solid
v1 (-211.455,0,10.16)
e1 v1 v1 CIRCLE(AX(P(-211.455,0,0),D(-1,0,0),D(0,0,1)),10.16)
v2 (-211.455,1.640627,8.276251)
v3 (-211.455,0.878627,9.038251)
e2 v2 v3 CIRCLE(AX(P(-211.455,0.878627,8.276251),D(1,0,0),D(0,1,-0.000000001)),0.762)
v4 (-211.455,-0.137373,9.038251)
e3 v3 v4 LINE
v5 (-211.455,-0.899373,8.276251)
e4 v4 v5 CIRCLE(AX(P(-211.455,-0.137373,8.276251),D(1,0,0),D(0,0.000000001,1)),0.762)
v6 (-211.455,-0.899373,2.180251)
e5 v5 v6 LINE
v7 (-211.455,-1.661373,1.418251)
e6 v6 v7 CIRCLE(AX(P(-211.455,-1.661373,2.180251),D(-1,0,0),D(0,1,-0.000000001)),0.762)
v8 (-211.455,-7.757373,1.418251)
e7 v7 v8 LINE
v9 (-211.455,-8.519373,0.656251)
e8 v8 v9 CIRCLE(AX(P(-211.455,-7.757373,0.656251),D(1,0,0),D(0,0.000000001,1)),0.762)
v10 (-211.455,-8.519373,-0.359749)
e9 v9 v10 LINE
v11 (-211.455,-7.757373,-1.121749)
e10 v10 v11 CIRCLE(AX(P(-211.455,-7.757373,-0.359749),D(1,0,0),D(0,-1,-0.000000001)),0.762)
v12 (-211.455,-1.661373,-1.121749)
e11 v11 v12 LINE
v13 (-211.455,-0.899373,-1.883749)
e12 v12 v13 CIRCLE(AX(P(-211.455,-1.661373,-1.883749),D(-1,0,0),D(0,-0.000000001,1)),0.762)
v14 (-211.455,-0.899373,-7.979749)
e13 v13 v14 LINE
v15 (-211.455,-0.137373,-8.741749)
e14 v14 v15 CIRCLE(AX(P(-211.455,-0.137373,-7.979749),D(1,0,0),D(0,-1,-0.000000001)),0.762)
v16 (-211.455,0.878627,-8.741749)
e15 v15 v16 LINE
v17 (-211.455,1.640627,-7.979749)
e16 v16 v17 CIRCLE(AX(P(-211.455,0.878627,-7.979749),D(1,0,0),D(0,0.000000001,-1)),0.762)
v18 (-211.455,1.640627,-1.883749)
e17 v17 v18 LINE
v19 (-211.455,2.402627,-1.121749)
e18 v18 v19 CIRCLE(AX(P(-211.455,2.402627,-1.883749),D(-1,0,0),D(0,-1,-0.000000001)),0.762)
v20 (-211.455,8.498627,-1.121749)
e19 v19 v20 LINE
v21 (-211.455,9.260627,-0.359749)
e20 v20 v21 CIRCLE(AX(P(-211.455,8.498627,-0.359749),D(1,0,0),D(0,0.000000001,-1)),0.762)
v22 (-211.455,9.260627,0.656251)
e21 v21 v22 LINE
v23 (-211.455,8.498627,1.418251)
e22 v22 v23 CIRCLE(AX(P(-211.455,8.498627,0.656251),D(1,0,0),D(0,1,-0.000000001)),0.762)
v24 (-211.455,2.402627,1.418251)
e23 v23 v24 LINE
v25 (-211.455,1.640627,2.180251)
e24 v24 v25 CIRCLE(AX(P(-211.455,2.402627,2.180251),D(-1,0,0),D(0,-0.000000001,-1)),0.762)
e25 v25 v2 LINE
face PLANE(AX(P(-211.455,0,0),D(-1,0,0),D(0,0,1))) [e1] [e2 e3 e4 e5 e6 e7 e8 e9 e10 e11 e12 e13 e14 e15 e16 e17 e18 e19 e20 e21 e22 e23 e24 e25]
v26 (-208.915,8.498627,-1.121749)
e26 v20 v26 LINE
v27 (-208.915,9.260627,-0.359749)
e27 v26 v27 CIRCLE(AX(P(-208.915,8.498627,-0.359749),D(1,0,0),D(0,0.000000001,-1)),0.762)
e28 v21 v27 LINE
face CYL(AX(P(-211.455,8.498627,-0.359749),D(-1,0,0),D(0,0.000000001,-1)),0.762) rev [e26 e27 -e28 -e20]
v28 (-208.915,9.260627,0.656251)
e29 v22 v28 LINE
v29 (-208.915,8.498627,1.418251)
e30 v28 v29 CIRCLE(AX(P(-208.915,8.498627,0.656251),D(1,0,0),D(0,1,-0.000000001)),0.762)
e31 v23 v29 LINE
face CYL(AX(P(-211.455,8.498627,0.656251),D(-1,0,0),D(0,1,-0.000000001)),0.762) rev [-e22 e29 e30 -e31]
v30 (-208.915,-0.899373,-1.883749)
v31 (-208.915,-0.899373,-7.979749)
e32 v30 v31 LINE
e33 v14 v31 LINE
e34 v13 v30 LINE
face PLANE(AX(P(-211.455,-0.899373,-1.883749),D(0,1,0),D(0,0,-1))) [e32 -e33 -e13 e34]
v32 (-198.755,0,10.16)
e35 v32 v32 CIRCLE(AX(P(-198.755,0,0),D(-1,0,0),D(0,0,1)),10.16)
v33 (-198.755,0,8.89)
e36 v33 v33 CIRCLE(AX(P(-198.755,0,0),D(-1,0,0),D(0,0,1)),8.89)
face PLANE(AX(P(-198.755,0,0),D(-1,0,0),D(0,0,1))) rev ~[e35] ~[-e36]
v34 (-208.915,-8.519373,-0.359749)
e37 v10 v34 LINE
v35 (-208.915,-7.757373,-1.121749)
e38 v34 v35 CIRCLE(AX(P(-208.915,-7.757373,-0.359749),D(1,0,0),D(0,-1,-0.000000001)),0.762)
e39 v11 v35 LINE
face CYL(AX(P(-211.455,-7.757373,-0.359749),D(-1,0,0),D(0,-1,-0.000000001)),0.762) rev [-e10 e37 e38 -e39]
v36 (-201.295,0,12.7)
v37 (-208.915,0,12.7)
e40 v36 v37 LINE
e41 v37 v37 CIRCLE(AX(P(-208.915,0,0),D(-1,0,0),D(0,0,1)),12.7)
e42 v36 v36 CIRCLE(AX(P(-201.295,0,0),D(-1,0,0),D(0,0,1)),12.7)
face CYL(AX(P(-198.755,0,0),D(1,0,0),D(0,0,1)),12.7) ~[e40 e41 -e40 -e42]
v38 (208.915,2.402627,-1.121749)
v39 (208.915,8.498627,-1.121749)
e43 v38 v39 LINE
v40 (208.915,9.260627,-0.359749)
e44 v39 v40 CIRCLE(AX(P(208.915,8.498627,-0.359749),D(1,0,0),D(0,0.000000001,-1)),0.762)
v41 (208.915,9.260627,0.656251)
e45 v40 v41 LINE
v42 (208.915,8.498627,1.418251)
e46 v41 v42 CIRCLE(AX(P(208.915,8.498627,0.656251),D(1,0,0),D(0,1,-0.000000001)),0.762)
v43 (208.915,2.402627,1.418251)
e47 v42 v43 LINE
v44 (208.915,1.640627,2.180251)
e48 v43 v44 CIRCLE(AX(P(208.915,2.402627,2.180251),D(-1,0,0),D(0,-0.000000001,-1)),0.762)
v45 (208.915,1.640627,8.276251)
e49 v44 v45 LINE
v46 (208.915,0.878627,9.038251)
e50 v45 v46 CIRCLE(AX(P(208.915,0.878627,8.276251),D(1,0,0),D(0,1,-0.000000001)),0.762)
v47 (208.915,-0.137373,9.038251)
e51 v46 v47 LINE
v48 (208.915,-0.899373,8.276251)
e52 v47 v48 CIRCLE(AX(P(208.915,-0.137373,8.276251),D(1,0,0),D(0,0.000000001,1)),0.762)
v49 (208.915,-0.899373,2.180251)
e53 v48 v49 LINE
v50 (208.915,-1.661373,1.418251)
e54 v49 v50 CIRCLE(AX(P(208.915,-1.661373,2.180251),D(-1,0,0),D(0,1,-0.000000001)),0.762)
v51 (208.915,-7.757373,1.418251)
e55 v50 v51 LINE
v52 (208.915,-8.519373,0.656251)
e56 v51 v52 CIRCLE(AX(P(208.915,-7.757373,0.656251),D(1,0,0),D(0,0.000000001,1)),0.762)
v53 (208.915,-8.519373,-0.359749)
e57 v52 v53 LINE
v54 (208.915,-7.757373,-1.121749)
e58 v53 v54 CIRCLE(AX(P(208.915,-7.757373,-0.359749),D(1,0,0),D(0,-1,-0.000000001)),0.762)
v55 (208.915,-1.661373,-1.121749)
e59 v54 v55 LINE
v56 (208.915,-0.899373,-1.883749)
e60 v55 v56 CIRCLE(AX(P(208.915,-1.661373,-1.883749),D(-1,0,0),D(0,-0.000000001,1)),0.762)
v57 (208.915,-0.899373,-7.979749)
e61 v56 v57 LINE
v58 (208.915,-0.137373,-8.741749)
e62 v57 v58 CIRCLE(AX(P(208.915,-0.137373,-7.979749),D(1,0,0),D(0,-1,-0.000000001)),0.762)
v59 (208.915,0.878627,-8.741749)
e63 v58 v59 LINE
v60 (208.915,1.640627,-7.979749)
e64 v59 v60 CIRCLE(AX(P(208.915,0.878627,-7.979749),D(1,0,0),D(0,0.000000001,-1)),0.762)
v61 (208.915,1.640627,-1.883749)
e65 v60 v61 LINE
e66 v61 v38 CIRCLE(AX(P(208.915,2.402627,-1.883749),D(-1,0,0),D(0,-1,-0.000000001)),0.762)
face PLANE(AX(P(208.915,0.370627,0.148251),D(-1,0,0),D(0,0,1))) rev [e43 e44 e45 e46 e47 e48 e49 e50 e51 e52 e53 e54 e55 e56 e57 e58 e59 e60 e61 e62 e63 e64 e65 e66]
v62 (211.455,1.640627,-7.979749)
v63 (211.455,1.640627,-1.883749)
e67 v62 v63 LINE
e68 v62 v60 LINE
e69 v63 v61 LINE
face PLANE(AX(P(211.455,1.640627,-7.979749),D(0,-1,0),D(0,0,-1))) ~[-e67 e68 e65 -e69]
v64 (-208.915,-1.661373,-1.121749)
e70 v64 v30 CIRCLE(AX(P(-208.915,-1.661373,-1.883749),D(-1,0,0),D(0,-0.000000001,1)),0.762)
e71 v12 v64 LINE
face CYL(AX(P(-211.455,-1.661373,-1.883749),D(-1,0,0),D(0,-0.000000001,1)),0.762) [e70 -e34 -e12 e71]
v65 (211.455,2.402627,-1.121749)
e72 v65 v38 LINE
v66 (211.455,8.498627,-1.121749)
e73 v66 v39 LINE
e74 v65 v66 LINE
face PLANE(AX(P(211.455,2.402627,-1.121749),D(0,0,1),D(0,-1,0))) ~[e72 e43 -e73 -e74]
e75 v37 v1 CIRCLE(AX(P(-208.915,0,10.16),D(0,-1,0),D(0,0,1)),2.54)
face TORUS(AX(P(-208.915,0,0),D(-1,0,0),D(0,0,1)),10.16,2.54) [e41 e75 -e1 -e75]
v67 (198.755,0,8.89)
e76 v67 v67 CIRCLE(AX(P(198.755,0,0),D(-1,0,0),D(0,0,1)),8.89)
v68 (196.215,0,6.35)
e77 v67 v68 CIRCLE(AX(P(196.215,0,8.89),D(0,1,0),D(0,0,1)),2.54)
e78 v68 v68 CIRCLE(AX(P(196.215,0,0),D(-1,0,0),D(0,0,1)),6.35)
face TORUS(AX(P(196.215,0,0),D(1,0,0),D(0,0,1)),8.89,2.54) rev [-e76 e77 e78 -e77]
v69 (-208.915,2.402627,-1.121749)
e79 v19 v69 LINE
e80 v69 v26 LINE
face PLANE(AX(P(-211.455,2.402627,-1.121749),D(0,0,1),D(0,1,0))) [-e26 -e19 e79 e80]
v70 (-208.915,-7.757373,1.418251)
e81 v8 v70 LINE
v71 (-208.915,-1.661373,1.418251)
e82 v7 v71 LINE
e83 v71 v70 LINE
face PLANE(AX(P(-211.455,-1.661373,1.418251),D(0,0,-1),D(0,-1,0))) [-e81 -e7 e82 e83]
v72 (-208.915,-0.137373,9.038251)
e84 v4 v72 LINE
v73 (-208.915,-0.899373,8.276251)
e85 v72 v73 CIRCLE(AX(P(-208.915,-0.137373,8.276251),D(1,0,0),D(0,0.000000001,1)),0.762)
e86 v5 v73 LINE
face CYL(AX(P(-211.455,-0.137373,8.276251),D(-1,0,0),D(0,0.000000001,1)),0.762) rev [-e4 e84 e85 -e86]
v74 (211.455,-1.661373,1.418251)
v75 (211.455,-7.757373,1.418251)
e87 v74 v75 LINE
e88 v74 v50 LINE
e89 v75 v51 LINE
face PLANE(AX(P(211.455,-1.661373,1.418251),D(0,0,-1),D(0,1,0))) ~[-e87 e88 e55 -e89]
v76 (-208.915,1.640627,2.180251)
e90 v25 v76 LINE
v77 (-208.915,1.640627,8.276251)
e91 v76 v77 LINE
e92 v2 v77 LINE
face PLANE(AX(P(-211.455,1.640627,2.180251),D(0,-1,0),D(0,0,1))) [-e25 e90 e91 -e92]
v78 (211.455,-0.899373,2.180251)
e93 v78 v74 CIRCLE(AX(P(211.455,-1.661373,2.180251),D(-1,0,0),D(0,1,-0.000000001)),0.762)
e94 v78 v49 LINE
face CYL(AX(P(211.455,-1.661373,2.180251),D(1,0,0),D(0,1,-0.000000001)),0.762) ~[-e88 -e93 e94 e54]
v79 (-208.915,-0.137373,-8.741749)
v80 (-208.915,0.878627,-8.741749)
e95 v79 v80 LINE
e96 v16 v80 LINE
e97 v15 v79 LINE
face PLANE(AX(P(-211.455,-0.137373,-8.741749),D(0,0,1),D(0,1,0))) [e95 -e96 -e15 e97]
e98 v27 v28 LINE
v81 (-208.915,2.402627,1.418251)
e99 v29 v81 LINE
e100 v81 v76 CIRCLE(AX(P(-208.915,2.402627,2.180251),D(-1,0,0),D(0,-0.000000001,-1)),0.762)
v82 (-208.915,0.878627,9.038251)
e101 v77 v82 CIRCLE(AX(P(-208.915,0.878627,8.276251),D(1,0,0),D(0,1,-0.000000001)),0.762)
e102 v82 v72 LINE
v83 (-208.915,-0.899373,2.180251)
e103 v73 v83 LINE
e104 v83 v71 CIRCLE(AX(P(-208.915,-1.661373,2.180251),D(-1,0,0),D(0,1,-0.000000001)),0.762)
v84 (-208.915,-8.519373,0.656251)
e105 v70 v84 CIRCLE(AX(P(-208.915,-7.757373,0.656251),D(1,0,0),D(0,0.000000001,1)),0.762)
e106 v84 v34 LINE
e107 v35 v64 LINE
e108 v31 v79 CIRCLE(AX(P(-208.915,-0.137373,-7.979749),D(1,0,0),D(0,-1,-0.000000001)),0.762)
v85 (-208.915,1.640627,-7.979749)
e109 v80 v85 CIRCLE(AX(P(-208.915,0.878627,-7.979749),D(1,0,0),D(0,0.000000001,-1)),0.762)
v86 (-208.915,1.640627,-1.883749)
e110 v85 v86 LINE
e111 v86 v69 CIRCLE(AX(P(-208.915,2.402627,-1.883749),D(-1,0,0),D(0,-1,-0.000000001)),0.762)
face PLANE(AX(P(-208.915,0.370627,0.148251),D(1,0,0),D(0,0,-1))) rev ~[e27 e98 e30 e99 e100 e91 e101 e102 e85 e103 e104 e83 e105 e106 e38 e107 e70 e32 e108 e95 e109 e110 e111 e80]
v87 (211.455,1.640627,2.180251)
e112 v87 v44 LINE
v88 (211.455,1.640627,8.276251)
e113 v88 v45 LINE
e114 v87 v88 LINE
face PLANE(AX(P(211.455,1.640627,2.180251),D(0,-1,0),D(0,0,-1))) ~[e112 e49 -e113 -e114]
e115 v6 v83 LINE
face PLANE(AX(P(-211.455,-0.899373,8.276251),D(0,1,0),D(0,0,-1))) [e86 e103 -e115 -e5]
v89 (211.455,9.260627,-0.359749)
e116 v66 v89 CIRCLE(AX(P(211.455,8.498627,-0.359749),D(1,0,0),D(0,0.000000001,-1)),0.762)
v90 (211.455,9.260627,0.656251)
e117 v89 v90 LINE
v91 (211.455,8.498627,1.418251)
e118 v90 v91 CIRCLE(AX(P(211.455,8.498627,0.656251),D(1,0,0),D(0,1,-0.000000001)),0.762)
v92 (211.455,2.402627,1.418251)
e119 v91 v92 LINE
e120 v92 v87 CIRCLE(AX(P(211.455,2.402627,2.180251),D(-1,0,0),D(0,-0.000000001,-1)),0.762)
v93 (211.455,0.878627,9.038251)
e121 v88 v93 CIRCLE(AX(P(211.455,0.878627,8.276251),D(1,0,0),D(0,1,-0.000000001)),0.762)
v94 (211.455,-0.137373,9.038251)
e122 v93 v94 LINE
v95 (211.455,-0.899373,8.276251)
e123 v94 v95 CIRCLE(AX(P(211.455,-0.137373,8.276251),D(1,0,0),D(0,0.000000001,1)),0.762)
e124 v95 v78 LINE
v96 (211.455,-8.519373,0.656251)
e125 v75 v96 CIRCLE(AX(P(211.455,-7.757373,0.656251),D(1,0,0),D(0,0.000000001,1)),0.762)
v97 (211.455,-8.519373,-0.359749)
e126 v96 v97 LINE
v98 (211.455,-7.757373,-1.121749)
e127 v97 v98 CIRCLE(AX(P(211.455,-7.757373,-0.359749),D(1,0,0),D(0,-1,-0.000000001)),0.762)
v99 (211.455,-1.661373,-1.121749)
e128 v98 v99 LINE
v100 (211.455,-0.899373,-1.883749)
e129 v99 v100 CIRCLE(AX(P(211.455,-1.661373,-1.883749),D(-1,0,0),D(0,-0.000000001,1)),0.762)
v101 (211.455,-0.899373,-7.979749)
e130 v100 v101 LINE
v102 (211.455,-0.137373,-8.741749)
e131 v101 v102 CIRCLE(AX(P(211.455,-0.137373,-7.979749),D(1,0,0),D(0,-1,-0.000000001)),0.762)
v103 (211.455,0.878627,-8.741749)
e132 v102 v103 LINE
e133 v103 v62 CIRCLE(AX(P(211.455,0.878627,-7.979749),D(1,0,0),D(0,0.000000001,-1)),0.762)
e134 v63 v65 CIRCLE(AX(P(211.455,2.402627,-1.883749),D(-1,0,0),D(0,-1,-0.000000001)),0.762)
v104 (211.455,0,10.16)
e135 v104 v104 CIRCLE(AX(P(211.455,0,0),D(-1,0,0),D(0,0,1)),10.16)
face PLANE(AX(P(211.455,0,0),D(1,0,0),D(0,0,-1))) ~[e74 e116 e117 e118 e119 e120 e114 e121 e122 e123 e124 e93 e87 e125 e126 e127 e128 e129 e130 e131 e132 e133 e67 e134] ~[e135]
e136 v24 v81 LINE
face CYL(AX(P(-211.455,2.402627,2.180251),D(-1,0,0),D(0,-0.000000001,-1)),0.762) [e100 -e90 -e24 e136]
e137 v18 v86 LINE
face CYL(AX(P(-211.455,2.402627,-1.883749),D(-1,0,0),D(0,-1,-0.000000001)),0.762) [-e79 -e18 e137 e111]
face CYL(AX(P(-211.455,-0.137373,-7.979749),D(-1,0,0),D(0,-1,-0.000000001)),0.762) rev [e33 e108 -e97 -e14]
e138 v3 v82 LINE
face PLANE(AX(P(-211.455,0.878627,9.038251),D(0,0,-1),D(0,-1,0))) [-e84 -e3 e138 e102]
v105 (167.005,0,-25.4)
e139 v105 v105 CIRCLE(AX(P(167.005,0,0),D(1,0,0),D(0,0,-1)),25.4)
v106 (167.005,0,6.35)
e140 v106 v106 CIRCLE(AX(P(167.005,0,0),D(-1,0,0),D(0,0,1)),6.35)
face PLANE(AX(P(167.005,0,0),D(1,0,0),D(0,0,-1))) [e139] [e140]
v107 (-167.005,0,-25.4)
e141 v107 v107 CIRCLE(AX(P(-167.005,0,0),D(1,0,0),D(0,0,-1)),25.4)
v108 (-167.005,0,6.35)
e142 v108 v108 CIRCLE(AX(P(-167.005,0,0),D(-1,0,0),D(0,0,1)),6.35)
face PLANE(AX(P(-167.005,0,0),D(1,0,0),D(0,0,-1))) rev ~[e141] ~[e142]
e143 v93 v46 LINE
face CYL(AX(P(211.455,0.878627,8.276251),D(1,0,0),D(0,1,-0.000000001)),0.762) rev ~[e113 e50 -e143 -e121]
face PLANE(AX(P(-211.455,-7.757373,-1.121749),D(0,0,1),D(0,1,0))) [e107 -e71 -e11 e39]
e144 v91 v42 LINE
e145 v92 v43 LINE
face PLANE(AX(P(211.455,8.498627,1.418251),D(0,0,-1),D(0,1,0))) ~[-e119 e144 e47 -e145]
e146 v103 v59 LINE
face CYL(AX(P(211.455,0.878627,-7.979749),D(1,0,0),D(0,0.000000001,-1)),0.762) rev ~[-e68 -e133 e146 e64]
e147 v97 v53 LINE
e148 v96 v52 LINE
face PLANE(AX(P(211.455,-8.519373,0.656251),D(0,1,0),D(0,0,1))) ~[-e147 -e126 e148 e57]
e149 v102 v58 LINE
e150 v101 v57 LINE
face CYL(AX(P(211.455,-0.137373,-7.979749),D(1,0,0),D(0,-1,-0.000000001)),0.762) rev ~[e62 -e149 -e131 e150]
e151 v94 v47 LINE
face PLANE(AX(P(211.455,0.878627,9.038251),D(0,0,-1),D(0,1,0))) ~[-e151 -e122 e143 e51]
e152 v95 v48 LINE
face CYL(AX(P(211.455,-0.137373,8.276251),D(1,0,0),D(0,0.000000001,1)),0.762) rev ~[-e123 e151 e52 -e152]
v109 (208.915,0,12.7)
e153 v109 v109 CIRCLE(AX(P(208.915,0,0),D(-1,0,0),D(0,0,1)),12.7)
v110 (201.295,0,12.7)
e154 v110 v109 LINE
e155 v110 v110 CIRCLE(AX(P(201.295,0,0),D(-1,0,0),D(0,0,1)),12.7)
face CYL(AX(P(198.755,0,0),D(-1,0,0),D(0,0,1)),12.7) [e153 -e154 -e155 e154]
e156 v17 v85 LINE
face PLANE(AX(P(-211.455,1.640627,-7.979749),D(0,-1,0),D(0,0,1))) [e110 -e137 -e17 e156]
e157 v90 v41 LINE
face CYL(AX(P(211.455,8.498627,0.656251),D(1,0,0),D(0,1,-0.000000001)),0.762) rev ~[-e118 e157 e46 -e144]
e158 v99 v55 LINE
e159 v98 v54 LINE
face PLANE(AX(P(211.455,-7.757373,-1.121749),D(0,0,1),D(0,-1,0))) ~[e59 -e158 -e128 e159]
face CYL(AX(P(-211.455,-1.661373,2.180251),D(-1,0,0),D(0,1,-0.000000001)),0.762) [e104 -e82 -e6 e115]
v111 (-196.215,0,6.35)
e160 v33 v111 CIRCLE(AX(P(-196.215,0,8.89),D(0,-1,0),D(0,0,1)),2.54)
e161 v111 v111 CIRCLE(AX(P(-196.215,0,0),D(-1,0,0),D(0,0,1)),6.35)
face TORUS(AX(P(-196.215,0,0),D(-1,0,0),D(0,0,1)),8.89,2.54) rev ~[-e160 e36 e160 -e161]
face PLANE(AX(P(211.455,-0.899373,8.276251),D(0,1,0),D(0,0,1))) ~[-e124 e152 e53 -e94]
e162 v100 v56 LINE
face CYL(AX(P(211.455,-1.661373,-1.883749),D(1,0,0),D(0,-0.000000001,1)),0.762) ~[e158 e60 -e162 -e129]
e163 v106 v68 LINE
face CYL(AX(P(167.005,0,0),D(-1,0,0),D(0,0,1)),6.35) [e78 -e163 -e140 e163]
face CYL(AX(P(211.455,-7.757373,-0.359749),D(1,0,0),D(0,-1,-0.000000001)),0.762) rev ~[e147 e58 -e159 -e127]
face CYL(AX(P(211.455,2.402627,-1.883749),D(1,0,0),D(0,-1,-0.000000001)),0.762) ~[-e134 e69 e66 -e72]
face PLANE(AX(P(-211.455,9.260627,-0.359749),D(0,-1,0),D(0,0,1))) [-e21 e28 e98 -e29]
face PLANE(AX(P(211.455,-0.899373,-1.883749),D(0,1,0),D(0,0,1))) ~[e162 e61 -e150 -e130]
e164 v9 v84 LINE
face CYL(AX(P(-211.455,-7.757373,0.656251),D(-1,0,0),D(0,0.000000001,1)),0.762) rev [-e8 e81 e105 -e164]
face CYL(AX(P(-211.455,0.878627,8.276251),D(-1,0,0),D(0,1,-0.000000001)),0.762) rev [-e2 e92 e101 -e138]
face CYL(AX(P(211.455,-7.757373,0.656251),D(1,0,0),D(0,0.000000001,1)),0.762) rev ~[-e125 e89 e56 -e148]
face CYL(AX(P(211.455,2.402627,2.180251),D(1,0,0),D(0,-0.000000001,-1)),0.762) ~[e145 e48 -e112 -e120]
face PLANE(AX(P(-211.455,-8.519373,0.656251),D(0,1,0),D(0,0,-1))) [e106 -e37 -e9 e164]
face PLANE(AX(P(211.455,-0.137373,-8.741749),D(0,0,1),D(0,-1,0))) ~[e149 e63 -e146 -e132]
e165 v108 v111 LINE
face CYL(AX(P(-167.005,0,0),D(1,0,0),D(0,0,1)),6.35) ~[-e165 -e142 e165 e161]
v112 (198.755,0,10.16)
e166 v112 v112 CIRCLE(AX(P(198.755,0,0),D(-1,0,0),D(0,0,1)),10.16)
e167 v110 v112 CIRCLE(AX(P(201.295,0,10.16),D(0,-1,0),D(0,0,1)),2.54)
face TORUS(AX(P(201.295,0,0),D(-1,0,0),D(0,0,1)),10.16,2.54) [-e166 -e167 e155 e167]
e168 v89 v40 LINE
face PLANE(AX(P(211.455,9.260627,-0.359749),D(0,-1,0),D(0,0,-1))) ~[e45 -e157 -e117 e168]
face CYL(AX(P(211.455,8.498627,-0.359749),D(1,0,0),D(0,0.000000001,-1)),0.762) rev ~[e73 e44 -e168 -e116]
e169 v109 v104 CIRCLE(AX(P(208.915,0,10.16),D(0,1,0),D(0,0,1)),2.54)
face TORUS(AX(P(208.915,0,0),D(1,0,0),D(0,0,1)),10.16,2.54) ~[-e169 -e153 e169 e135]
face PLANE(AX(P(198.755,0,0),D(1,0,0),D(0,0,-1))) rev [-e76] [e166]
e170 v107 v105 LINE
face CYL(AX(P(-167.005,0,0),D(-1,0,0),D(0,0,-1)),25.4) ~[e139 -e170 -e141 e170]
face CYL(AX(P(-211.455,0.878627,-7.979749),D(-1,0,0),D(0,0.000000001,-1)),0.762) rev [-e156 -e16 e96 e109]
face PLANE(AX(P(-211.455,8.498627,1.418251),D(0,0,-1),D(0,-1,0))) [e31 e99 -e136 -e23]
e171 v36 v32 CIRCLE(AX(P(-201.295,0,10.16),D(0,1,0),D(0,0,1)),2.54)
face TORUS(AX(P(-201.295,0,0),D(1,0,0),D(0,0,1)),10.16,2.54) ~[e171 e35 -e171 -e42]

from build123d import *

# Parameters (mm, degrees)
BOSS_EXTRUDE1_DEPTH      = 167.005
BOSS_EXTRUDE1_DEPTH_BACK = 167.005
SKETCH1_R                = 25.4
SKETCH2_R                = 6.35
BOSS_EXTRUDE2_DEPTH      = 31.75
SKETCH3_R                = 12.7
BOSS_EXTRUDE3_DEPTH      = 12.7
FILLET2_R                = 2.54
CUT_EXTRUDE1_DEPTH       = 2.54
FILLET2_OF_MIRROR1_R     = 2.54


with BuildPart() as part:
    # Sketch1 → Boss-Extrude1 (new, two sides: drawn at the far end of the back side and taken through both)
    with BuildSketch(Plane(origin=(0, 0, 0), x_dir=(0, 0, -1), z_dir=(1, 0, 0)).offset(-BOSS_EXTRUDE1_DEPTH_BACK)):
        Circle(SKETCH1_R)
    extrude(amount=BOSS_EXTRUDE1_DEPTH + BOSS_EXTRUDE1_DEPTH_BACK)

    # Sketch2 → Boss-Extrude2 (add)
    with BuildSketch(Plane.ZY.offset(167.005)):
        Circle(SKETCH2_R)
    boss_extrude2 = extrude(amount=BOSS_EXTRUDE2_DEPTH)

    # Sketch3 → Boss-Extrude3 (add)
    with BuildSketch(Plane.ZY.offset(198.755)):
        Circle(SKETCH3_R)
    boss_extrude3 = extrude(amount=BOSS_EXTRUDE3_DEPTH)

    # Fillet2
    fillet2_edges = [part.edges().sort_by_distance(p)[0] for p in [
        (-198.755, 0, -12.7),
        (-211.455, 0, -12.7),
        (-198.755, 0, -6.35),
    ]]
    fillet(fillet2_edges, radius=FILLET2_R)

    # Sketch4 → Cut-Extrude1 (cut)
    with BuildSketch(Plane.ZY.offset(211.455)):
        with BuildLine():
            Line((-0.359749232, 9.260626921), (0.656250768, 9.260626921))
            ThreePointArc((0.656250768, 9.260626921), (1.195066136, 9.037442288), (1.418250768, 8.498626921))
            Line((1.418250768, 8.498626921), (1.418250768, 2.402626921))
            ThreePointArc((1.418250768, 2.402626921), (1.641435401, 1.863811554), (2.180250768, 1.640626921))
            Line((2.180250768, 1.640626921), (8.276250768, 1.640626921))
            ThreePointArc((8.276250768, 1.640626921), (8.815066136, 1.417442288), (9.038250768, 0.878626921))
            Line((9.038250768, 0.878626921), (9.038250768, -0.137373079))
            ThreePointArc((9.038250768, -0.137373079), (8.815066136, -0.676188446), (8.276250768, -0.899373079))
            Line((8.276250768, -0.899373079), (2.180250768, -0.899373079))
            ThreePointArc((2.180250768, -0.899373079), (1.641435401, -1.122557712), (1.418250768, -1.661373079))
            Line((1.418250768, -1.661373079), (1.418250768, -7.757373079))
            ThreePointArc((1.418250768, -7.757373079), (1.195066136, -8.296188446), (0.656250768, -8.519373079))
            Line((0.656250768, -8.519373079), (-0.359749232, -8.519373079))
            ThreePointArc((-0.359749232, -8.519373079), (-0.898564599, -8.296188446), (-1.121749232, -7.757373079))
            Line((-1.121749232, -7.757373079), (-1.121749232, -1.661373079))
            ThreePointArc((-1.121749232, -1.661373079), (-1.344933864, -1.122557712), (-1.883749232, -0.899373079))
            Line((-1.883749232, -0.899373079), (-7.979749232, -0.899373079))
            ThreePointArc((-7.979749232, -0.899373079), (-8.518564599, -0.676188446), (-8.741749232, -0.137373079))
            Line((-8.741749232, -0.137373079), (-8.741749232, 0.878626921))
            ThreePointArc((-8.741749232, 0.878626921), (-8.518564599, 1.417442288), (-7.979749232, 1.640626921))
            Line((-7.979749232, 1.640626921), (-1.883749232, 1.640626921))
            ThreePointArc((-1.883749232, 1.640626921), (-1.344933864, 1.863811554), (-1.121749232, 2.402626921))
            Line((-1.121749232, 2.402626921), (-1.121749232, 8.498626921))
            ThreePointArc((-1.121749232, 8.498626921), (-0.898564599, 9.037442288), (-0.359749232, 9.260626921))
        make_face()
    cut_extrude1 = extrude(amount=-CUT_EXTRUDE1_DEPTH, mode=Mode.SUBTRACT)

    # Mirror1: Boss-Extrude2, Boss-Extrude3, Cut-Extrude1 across plane
    add(boss_extrude2.mirror(Plane(origin=(0, 0, 0), x_dir=(0, 0, 1), z_dir=(1, 0, 0))))
    add(boss_extrude3.mirror(Plane(origin=(0, 0, 0), x_dir=(0, 0, 1), z_dir=(1, 0, 0))))
    add(cut_extrude1.mirror(Plane(origin=(0, 0, 0), x_dir=(0, 0, 1), z_dir=(1, 0, 0))), mode=Mode.SUBTRACT)

    # Fillet2 of Mirror1
    fillet2_of_mirror1_edges = [part.edges().sort_by_distance(p)[0] for p in [
        (198.755, 0, -12.7),
        (211.455, 0, -12.7),
        (198.755, 0, -6.35),
    ]]
    fillet(fillet2_of_mirror1_edges, radius=FILLET2_OF_MIRROR1_R)


solid = part.part
